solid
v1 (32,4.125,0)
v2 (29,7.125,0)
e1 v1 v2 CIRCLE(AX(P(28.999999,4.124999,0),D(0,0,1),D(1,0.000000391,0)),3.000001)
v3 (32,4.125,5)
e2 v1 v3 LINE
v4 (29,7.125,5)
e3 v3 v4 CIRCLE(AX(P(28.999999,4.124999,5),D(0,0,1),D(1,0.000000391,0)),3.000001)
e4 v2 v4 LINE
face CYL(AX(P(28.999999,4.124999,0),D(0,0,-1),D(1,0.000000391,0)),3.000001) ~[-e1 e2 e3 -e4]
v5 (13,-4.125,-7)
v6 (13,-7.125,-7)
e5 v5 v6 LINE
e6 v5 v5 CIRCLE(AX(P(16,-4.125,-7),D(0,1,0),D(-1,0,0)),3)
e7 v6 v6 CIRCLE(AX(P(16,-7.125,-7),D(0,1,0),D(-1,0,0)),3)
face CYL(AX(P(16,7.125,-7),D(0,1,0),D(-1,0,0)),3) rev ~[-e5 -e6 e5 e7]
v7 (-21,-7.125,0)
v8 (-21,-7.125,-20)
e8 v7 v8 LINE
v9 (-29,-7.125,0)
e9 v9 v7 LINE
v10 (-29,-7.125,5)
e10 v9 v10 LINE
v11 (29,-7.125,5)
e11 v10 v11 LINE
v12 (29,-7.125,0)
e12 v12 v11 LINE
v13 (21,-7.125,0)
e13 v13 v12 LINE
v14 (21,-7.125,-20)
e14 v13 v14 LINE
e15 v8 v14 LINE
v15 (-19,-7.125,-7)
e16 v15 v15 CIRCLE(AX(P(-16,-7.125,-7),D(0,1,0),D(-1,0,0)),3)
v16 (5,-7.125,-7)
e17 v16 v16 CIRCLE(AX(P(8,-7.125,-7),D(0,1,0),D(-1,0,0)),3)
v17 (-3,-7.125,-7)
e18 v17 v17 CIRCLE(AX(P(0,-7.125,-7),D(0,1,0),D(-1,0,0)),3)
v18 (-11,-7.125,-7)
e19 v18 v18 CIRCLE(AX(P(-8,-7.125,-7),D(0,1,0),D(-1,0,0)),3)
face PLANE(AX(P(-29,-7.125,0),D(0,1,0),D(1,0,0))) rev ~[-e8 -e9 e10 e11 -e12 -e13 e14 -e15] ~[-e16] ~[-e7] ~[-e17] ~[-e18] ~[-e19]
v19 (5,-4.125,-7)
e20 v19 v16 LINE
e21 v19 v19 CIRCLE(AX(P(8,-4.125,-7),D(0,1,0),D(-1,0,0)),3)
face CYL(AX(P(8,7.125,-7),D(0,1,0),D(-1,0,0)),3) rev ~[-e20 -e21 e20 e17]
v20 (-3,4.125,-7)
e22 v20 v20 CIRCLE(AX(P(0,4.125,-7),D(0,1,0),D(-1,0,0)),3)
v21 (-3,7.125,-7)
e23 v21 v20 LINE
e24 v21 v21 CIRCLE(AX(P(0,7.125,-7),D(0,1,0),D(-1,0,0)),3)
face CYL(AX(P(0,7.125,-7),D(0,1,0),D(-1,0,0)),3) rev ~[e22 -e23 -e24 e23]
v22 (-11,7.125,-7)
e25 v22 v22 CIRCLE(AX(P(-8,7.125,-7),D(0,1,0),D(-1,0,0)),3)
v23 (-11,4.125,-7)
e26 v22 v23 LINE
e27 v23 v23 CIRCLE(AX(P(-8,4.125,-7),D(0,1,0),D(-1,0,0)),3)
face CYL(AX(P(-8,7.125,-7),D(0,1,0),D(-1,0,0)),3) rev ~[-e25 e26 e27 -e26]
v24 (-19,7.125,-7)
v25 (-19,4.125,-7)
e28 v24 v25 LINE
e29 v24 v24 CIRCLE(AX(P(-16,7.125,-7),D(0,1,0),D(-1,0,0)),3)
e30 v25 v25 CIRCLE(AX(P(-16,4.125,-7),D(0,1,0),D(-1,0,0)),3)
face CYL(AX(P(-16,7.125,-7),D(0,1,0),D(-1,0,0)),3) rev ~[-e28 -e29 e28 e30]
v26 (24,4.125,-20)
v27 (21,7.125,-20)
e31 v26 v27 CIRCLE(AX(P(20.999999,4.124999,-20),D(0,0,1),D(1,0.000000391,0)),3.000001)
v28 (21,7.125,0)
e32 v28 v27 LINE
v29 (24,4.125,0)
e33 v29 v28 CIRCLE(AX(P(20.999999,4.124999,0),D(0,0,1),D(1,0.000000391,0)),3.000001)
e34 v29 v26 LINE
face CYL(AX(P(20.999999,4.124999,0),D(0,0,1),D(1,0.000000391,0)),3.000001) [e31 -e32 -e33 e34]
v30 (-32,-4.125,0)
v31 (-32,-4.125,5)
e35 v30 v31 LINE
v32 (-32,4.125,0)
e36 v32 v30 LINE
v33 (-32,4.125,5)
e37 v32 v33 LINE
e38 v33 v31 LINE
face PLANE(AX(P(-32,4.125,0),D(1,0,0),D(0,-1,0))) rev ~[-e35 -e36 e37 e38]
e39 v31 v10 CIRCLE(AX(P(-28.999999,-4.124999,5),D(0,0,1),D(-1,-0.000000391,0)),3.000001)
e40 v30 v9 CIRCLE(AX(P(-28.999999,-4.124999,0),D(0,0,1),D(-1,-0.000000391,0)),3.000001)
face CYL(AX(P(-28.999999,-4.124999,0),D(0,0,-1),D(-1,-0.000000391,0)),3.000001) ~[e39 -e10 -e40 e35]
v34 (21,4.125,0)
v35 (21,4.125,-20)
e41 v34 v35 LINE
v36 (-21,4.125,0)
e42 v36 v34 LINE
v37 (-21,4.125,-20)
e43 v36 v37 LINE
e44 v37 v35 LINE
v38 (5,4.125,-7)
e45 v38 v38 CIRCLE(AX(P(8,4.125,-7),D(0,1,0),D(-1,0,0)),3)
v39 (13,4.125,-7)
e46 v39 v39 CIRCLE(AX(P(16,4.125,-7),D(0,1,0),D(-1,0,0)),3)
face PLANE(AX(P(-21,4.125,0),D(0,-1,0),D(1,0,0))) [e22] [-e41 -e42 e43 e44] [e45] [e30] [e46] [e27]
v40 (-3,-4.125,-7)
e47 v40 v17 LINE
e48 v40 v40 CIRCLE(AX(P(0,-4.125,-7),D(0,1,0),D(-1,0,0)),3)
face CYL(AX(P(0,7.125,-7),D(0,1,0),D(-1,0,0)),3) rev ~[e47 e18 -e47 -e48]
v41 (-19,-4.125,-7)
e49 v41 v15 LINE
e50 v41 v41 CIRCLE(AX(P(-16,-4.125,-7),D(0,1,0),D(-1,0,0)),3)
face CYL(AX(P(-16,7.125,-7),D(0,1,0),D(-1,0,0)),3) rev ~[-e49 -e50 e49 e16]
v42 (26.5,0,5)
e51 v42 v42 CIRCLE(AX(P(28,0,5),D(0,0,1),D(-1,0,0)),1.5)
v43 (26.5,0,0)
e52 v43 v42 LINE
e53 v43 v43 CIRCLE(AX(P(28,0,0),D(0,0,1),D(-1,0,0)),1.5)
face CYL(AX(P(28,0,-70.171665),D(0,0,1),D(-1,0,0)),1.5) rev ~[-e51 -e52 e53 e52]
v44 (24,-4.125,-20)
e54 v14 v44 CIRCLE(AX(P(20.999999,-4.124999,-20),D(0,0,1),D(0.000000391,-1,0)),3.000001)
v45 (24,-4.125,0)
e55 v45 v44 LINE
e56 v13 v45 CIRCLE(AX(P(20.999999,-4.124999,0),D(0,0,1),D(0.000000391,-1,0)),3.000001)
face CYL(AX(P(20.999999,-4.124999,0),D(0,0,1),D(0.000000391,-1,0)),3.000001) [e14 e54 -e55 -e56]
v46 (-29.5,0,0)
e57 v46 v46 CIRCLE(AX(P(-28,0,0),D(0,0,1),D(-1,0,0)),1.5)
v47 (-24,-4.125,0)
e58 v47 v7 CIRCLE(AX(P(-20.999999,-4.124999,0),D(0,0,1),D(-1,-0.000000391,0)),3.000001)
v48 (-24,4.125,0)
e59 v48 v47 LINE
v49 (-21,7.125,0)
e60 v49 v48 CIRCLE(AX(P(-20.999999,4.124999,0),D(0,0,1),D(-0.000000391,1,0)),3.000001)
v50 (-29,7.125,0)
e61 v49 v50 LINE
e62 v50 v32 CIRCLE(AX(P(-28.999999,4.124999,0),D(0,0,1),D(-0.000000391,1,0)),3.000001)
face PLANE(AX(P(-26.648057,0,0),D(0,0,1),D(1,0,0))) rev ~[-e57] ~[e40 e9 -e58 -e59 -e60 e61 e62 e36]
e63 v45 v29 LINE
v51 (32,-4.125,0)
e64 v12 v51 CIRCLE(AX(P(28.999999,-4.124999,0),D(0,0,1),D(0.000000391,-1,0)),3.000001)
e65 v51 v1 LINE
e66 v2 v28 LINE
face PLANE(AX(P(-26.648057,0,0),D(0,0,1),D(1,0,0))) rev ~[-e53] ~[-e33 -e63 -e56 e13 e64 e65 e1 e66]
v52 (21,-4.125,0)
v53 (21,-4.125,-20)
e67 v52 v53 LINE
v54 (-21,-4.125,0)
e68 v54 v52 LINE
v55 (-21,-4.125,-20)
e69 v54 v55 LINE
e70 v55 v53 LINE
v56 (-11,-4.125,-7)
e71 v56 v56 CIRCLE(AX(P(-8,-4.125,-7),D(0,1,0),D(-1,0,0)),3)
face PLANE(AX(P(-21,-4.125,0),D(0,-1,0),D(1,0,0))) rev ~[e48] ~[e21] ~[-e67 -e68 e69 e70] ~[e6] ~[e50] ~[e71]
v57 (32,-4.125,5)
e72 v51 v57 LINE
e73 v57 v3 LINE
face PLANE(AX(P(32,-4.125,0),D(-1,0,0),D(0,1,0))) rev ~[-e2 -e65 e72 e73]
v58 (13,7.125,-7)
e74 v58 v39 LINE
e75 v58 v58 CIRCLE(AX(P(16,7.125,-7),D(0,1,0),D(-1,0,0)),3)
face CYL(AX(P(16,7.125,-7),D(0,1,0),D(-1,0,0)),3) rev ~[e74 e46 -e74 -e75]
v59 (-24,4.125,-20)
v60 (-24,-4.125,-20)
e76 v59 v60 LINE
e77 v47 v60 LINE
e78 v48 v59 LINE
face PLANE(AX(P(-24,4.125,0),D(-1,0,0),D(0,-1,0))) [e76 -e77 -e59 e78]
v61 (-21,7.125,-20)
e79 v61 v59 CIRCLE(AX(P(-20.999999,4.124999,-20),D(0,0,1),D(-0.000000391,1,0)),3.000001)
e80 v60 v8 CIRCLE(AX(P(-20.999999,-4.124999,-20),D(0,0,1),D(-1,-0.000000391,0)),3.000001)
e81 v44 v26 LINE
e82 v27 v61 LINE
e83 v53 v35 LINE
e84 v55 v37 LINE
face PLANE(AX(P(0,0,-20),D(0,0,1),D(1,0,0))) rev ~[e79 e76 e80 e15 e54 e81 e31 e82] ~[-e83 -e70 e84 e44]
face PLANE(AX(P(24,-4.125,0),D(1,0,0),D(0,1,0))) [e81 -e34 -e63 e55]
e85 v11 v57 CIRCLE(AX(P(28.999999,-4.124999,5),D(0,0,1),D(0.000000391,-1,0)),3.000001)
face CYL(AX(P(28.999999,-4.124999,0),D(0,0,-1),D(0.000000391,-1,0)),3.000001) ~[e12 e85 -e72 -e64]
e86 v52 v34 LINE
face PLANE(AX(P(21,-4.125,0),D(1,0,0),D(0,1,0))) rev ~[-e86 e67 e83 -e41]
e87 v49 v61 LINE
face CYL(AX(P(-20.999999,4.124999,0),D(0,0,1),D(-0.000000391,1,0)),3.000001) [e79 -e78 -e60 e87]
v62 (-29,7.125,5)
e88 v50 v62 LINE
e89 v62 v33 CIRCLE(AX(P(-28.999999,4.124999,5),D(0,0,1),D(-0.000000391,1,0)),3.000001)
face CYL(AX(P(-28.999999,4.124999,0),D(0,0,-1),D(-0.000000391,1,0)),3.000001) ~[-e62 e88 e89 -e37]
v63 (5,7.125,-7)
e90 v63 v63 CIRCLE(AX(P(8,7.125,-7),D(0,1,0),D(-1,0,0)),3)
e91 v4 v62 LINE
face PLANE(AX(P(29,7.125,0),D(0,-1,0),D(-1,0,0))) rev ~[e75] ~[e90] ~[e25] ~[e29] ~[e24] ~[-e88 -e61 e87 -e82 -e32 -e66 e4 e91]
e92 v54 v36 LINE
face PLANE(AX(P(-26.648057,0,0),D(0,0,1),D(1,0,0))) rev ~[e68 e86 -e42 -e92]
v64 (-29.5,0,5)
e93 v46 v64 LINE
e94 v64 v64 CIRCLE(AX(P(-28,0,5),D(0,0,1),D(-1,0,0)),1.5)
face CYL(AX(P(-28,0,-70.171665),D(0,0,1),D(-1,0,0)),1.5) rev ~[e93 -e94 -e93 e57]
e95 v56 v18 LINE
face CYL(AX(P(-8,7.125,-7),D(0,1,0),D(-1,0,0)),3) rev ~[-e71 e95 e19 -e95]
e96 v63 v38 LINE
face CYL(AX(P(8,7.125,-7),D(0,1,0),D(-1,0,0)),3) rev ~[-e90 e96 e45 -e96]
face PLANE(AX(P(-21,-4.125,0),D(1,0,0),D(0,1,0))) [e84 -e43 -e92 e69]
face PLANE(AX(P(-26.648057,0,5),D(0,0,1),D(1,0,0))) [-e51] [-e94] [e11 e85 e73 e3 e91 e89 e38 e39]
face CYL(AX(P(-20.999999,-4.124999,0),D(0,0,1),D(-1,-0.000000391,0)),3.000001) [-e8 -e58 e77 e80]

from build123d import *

# Parameters (mm, degrees)
F0_W     = 42
F0_H     = 8.25
F1_DEPTH = 5
F2_DEPTH = 20
F3_R     = 3
F4_DEPTH = 25
F5_D     = 3


with BuildPart() as f1:
    # F0 (on Top) → F1 (new body)
    with BuildSketch(Plane.XY):
        with BuildLine():
            ThreePointArc((-24, 4.125), (-23.12132, 6.24632), (-21, 7.125))
            Line((-21, 7.125), (-29, 7.125))
            ThreePointArc((-29, 7.125), (-31.12132, 6.24632), (-32, 4.125))
            Line((-32, 4.125), (-32, -4.125))
            ThreePointArc((-32, -4.125), (-31.12132, -6.24632), (-29, -7.125))
            Line((-29, -7.125), (-21, -7.125))
            ThreePointArc((-21, -7.125), (-23.12132, -6.24632), (-24, -4.125))
            Line((-24, -4.125), (-24, 4.125))
        make_face()
        with BuildLine():
            ThreePointArc((24, 4.125), (23.12132, 6.24632), (21, 7.125))
            Line((21, 7.125), (-21, 7.125))
            ThreePointArc((-21, 7.125), (-23.12132, 6.24632), (-24, 4.125))
            Line((-24, 4.125), (-24, -4.125))
            ThreePointArc((-24, -4.125), (-23.12132, -6.24632), (-21, -7.125))
            Line((-21, -7.125), (21, -7.125))
            ThreePointArc((21, -7.125), (23.12132, -6.24632), (24, -4.125))
            Line((24, -4.125), (24, 4.125))
        make_face()
        Rectangle(F0_W, F0_H, mode=Mode.SUBTRACT)
        with BuildLine():
            Line((29, 7.125), (21, 7.125))
            ThreePointArc((21, 7.125), (23.12132, 6.24632), (24, 4.125))
            Line((24, 4.125), (24, -4.125))
            ThreePointArc((24, -4.125), (23.12132, -6.24632), (21, -7.125))
            Line((21, -7.125), (29, -7.125))
            ThreePointArc((29, -7.125), (31.12132, -6.24632), (32, -4.125))
            Line((32, -4.125), (32, 4.125))
            ThreePointArc((32, 4.125), (31.12132, 6.24632), (29, 7.125))
        make_face()
        Rectangle(F0_W, F0_H)
    extrude(amount=F1_DEPTH)

    # F0 (on Top) → F2 (join)
    with BuildSketch(Plane.XY):
        with BuildLine():
            ThreePointArc((24, 4.125), (23.12132, 6.24632), (21, 7.125))
            Line((21, 7.125), (-21, 7.125))
            ThreePointArc((-21, 7.125), (-23.12132, 6.24632), (-24, 4.125))
            Line((-24, 4.125), (-24, -4.125))
            ThreePointArc((-24, -4.125), (-23.12132, -6.24632), (-21, -7.125))
            Line((-21, -7.125), (21, -7.125))
            ThreePointArc((21, -7.125), (23.12132, -6.24632), (24, -4.125))
            Line((24, -4.125), (24, 4.125))
        make_face()
        Rectangle(F0_W, F0_H, mode=Mode.SUBTRACT)
    extrude(amount=-F2_DEPTH)

    # F3 (on face) → F4 (cut)
    with BuildSketch(Plane(origin=(0, 7.125, 0), x_dir=(-1, 0, 0), z_dir=(0, 1, 0))):
        with Locations((-16, -7)):
            Circle(F3_R)
        with Locations((-8, -7)):
            Circle(F3_R)
        with Locations((0, -7)):
            Circle(F3_R)
        with Locations((8, -7)):
            Circle(F3_R)
        with Locations((16, -7)):
            Circle(F3_R)
    extrude(amount=-F4_DEPTH, mode=Mode.SUBTRACT)

    # F5 (through all)
    with Locations(Plane(origin=(0, 0, 0), x_dir=(1, 0, 0), z_dir=(0, 0, -1))):
        with Locations((28, 0), (-28, 0)):
            Hole(F5_D / 2)


solid = f1.part
